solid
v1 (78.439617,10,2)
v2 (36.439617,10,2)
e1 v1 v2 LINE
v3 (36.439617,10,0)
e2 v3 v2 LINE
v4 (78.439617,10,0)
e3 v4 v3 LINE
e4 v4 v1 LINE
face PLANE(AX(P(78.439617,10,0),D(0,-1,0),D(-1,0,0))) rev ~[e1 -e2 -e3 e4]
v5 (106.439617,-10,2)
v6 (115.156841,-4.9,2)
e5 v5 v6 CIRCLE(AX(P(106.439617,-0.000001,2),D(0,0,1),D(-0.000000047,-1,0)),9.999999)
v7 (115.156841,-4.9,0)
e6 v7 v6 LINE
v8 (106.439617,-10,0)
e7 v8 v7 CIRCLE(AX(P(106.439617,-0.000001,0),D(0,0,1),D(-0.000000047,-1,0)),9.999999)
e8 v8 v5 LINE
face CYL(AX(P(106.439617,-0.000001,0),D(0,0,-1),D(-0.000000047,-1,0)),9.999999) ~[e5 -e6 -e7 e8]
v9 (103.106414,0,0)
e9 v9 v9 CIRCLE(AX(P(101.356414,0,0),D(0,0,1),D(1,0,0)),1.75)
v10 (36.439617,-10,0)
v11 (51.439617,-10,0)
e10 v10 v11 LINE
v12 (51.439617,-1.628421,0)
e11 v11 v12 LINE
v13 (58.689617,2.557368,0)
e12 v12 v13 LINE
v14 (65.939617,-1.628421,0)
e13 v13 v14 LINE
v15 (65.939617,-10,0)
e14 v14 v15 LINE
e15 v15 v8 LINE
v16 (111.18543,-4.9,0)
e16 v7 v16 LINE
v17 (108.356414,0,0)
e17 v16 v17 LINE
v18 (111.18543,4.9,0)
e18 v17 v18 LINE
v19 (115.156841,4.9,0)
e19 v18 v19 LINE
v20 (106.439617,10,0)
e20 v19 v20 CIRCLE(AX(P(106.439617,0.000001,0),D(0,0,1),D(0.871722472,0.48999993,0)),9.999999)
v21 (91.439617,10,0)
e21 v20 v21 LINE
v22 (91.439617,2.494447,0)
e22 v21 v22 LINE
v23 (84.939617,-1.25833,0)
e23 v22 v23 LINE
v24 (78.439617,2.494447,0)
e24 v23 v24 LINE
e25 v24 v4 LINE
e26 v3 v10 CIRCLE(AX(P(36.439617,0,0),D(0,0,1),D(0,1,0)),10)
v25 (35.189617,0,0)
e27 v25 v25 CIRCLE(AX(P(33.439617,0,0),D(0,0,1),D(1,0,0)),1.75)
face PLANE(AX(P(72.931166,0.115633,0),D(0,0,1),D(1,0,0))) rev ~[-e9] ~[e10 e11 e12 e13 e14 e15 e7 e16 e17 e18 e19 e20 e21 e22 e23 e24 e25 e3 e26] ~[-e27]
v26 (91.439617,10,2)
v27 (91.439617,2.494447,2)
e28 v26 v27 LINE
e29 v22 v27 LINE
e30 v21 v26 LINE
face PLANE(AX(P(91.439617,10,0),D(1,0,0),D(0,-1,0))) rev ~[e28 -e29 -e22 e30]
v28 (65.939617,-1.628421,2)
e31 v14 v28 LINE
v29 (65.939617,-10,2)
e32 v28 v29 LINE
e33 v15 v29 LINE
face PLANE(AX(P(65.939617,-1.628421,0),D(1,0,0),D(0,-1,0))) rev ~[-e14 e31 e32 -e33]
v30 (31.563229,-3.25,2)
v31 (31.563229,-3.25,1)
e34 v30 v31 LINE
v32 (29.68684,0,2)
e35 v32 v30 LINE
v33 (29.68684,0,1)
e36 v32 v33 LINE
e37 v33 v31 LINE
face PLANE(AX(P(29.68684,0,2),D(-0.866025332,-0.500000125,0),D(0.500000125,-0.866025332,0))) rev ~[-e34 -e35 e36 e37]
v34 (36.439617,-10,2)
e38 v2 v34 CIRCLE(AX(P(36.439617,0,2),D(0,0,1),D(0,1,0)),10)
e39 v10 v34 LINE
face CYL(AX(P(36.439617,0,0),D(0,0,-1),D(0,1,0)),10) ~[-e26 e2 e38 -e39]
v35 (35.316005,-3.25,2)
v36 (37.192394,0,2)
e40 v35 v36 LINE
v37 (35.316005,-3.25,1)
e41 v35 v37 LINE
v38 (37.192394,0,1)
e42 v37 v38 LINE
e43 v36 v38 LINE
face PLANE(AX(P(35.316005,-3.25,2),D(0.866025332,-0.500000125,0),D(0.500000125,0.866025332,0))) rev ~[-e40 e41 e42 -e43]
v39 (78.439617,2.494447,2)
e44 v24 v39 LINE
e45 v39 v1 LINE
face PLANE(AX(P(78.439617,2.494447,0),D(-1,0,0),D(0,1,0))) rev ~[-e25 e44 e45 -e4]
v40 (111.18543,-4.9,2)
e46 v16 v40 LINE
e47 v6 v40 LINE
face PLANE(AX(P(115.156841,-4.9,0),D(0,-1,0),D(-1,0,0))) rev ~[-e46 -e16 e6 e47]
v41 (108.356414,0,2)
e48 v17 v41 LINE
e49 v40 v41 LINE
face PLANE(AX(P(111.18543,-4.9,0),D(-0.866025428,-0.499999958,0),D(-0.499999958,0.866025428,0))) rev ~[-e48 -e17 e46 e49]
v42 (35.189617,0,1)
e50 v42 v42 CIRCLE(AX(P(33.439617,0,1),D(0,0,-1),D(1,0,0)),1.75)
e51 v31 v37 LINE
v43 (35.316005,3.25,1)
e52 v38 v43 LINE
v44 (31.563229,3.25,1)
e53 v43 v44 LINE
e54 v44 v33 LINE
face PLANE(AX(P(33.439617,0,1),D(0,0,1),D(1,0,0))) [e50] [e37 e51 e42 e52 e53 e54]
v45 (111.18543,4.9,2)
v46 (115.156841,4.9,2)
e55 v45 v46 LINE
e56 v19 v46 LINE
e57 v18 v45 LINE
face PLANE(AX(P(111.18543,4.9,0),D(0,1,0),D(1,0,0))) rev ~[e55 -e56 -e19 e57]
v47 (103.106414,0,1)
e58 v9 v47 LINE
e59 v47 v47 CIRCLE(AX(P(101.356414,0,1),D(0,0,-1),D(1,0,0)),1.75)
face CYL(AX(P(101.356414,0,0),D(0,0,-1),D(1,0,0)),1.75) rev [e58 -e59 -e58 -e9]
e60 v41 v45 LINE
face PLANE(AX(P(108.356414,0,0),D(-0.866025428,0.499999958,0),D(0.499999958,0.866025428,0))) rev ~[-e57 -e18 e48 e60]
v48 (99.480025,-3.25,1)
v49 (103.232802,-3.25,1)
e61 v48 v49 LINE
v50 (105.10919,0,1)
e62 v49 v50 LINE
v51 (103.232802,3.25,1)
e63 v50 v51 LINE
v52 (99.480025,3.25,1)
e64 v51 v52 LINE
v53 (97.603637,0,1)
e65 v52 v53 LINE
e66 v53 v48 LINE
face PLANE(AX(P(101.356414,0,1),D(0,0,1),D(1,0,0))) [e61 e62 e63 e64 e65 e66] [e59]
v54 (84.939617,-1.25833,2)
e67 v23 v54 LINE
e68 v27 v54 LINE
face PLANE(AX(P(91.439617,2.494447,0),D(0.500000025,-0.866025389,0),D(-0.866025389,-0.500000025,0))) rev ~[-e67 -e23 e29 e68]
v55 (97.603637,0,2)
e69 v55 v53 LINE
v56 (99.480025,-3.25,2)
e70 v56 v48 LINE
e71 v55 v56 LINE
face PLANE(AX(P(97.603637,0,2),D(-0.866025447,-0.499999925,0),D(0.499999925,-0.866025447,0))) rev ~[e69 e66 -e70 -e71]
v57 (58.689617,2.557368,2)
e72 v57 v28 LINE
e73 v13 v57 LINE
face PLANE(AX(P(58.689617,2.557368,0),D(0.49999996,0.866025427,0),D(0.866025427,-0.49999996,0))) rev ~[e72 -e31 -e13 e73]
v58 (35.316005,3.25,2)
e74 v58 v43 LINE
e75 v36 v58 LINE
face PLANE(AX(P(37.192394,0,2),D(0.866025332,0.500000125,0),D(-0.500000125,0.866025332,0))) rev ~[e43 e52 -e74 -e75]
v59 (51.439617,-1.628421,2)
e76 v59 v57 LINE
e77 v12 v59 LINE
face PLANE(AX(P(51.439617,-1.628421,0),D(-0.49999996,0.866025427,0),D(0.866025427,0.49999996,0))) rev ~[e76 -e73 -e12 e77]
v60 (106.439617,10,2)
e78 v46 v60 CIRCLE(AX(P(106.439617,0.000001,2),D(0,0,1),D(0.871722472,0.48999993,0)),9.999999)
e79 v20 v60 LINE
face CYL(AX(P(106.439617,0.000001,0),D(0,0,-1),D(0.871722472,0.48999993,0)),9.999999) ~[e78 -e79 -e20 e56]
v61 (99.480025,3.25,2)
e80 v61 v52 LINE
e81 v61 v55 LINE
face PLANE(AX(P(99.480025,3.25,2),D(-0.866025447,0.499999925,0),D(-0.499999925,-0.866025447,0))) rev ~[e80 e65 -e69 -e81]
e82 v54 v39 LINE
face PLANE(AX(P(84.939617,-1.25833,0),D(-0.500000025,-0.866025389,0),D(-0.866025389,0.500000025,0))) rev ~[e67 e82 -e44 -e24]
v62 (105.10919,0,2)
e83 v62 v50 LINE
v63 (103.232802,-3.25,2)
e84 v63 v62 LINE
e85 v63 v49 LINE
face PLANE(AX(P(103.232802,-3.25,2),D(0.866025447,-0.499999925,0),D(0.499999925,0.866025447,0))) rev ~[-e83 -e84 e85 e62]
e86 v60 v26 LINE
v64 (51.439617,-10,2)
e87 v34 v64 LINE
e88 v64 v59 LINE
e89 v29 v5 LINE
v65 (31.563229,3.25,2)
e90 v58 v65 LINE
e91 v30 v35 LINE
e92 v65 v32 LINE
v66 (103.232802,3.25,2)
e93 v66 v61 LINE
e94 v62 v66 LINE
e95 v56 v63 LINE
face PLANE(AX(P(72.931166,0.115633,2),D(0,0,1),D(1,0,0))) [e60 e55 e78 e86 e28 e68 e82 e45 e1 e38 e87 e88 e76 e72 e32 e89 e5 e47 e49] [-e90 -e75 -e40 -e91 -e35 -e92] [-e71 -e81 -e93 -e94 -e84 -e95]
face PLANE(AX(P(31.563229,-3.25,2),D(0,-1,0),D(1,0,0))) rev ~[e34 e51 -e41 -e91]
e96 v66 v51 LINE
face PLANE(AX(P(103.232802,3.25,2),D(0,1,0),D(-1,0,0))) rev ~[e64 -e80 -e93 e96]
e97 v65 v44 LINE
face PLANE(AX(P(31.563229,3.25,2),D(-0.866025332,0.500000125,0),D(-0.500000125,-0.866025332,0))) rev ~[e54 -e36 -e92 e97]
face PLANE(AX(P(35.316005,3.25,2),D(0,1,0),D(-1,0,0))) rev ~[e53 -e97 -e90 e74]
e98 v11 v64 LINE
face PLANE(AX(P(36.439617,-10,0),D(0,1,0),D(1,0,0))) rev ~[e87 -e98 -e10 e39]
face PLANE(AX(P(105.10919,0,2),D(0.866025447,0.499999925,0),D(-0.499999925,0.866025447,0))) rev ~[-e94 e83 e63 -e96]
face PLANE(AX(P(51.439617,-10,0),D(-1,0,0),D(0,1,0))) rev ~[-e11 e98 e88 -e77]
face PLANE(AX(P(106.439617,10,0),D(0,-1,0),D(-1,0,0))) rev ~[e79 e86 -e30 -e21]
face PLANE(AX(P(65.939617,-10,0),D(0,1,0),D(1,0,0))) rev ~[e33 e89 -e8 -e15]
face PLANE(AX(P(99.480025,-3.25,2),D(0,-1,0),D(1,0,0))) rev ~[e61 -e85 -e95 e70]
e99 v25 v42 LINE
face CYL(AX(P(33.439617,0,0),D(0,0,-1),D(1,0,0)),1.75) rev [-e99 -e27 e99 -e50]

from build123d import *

# Parameters (mm, degrees)
F0_R     = 1.75
F1_DEPTH = 2
F3_DEPTH = 1


with BuildPart() as f1:
    # F0 (on Top) → F1 (new body)
    with BuildSketch(Plane.XY):
        with BuildLine():
            Line((78.439617, 10), (36.439617, 10))
            ThreePointArc((36.439617, 10), (26.439617, 0), (36.439617, -10))
            Line((36.439617, -10), (51.439617, -10))
            Line((51.439617, -10), (51.439617, -1.628421))
            Line((51.439617, -1.628421), (58.689617, 2.557368))
            Line((58.689617, 2.557368), (65.939617, -1.628421))
            Line((65.939617, -1.628421), (65.939617, -10))
            Line((65.939617, -10), (106.439617, -10))
            ThreePointArc((106.439617, -10), (111.48937, -8.631338), (115.156841, -4.9))
            Line((115.156841, -4.9), (111.18543, -4.9))
            Line((111.18543, -4.9), (108.356414, 0))
            Line((108.356414, 0), (111.18543, 4.9))
            Line((111.18543, 4.9), (115.156841, 4.9))
            ThreePointArc((115.156841, 4.9), (111.48937, 8.631338), (106.439617, 10))
            Line((106.439617, 10), (91.439617, 10))
            Line((91.439617, 10), (91.439617, 2.494447))
            Line((91.439617, 2.494447), (84.939617, -1.25833))
            Line((84.939617, -1.25833), (78.439617, 2.494447))
            Line((78.439617, 2.494447), (78.439617, 10))
        make_face()
        with Locations((33.439617, 0)):
            Circle(F0_R, mode=Mode.SUBTRACT)
        with Locations((101.356414, 0)):
            Circle(F0_R, mode=Mode.SUBTRACT)
    extrude(amount=F1_DEPTH)

    # F2 (on face) → F3 (cut)
    with BuildSketch(Plane.XY.offset(2)):
        Polygon((31.563229, -3.25), (35.316005, -3.25), (37.192394, 0), (35.316005, 3.25), (31.563229, 3.25), (29.68684, 0), align=None)
        Polygon((99.480025, -3.25), (103.232802, -3.25), (105.10919, 0), (103.232802, 3.25), (99.480025, 3.25), (97.603637, 0), align=None)
    extrude(amount=-F3_DEPTH, mode=Mode.SUBTRACT)


solid = f1.part
